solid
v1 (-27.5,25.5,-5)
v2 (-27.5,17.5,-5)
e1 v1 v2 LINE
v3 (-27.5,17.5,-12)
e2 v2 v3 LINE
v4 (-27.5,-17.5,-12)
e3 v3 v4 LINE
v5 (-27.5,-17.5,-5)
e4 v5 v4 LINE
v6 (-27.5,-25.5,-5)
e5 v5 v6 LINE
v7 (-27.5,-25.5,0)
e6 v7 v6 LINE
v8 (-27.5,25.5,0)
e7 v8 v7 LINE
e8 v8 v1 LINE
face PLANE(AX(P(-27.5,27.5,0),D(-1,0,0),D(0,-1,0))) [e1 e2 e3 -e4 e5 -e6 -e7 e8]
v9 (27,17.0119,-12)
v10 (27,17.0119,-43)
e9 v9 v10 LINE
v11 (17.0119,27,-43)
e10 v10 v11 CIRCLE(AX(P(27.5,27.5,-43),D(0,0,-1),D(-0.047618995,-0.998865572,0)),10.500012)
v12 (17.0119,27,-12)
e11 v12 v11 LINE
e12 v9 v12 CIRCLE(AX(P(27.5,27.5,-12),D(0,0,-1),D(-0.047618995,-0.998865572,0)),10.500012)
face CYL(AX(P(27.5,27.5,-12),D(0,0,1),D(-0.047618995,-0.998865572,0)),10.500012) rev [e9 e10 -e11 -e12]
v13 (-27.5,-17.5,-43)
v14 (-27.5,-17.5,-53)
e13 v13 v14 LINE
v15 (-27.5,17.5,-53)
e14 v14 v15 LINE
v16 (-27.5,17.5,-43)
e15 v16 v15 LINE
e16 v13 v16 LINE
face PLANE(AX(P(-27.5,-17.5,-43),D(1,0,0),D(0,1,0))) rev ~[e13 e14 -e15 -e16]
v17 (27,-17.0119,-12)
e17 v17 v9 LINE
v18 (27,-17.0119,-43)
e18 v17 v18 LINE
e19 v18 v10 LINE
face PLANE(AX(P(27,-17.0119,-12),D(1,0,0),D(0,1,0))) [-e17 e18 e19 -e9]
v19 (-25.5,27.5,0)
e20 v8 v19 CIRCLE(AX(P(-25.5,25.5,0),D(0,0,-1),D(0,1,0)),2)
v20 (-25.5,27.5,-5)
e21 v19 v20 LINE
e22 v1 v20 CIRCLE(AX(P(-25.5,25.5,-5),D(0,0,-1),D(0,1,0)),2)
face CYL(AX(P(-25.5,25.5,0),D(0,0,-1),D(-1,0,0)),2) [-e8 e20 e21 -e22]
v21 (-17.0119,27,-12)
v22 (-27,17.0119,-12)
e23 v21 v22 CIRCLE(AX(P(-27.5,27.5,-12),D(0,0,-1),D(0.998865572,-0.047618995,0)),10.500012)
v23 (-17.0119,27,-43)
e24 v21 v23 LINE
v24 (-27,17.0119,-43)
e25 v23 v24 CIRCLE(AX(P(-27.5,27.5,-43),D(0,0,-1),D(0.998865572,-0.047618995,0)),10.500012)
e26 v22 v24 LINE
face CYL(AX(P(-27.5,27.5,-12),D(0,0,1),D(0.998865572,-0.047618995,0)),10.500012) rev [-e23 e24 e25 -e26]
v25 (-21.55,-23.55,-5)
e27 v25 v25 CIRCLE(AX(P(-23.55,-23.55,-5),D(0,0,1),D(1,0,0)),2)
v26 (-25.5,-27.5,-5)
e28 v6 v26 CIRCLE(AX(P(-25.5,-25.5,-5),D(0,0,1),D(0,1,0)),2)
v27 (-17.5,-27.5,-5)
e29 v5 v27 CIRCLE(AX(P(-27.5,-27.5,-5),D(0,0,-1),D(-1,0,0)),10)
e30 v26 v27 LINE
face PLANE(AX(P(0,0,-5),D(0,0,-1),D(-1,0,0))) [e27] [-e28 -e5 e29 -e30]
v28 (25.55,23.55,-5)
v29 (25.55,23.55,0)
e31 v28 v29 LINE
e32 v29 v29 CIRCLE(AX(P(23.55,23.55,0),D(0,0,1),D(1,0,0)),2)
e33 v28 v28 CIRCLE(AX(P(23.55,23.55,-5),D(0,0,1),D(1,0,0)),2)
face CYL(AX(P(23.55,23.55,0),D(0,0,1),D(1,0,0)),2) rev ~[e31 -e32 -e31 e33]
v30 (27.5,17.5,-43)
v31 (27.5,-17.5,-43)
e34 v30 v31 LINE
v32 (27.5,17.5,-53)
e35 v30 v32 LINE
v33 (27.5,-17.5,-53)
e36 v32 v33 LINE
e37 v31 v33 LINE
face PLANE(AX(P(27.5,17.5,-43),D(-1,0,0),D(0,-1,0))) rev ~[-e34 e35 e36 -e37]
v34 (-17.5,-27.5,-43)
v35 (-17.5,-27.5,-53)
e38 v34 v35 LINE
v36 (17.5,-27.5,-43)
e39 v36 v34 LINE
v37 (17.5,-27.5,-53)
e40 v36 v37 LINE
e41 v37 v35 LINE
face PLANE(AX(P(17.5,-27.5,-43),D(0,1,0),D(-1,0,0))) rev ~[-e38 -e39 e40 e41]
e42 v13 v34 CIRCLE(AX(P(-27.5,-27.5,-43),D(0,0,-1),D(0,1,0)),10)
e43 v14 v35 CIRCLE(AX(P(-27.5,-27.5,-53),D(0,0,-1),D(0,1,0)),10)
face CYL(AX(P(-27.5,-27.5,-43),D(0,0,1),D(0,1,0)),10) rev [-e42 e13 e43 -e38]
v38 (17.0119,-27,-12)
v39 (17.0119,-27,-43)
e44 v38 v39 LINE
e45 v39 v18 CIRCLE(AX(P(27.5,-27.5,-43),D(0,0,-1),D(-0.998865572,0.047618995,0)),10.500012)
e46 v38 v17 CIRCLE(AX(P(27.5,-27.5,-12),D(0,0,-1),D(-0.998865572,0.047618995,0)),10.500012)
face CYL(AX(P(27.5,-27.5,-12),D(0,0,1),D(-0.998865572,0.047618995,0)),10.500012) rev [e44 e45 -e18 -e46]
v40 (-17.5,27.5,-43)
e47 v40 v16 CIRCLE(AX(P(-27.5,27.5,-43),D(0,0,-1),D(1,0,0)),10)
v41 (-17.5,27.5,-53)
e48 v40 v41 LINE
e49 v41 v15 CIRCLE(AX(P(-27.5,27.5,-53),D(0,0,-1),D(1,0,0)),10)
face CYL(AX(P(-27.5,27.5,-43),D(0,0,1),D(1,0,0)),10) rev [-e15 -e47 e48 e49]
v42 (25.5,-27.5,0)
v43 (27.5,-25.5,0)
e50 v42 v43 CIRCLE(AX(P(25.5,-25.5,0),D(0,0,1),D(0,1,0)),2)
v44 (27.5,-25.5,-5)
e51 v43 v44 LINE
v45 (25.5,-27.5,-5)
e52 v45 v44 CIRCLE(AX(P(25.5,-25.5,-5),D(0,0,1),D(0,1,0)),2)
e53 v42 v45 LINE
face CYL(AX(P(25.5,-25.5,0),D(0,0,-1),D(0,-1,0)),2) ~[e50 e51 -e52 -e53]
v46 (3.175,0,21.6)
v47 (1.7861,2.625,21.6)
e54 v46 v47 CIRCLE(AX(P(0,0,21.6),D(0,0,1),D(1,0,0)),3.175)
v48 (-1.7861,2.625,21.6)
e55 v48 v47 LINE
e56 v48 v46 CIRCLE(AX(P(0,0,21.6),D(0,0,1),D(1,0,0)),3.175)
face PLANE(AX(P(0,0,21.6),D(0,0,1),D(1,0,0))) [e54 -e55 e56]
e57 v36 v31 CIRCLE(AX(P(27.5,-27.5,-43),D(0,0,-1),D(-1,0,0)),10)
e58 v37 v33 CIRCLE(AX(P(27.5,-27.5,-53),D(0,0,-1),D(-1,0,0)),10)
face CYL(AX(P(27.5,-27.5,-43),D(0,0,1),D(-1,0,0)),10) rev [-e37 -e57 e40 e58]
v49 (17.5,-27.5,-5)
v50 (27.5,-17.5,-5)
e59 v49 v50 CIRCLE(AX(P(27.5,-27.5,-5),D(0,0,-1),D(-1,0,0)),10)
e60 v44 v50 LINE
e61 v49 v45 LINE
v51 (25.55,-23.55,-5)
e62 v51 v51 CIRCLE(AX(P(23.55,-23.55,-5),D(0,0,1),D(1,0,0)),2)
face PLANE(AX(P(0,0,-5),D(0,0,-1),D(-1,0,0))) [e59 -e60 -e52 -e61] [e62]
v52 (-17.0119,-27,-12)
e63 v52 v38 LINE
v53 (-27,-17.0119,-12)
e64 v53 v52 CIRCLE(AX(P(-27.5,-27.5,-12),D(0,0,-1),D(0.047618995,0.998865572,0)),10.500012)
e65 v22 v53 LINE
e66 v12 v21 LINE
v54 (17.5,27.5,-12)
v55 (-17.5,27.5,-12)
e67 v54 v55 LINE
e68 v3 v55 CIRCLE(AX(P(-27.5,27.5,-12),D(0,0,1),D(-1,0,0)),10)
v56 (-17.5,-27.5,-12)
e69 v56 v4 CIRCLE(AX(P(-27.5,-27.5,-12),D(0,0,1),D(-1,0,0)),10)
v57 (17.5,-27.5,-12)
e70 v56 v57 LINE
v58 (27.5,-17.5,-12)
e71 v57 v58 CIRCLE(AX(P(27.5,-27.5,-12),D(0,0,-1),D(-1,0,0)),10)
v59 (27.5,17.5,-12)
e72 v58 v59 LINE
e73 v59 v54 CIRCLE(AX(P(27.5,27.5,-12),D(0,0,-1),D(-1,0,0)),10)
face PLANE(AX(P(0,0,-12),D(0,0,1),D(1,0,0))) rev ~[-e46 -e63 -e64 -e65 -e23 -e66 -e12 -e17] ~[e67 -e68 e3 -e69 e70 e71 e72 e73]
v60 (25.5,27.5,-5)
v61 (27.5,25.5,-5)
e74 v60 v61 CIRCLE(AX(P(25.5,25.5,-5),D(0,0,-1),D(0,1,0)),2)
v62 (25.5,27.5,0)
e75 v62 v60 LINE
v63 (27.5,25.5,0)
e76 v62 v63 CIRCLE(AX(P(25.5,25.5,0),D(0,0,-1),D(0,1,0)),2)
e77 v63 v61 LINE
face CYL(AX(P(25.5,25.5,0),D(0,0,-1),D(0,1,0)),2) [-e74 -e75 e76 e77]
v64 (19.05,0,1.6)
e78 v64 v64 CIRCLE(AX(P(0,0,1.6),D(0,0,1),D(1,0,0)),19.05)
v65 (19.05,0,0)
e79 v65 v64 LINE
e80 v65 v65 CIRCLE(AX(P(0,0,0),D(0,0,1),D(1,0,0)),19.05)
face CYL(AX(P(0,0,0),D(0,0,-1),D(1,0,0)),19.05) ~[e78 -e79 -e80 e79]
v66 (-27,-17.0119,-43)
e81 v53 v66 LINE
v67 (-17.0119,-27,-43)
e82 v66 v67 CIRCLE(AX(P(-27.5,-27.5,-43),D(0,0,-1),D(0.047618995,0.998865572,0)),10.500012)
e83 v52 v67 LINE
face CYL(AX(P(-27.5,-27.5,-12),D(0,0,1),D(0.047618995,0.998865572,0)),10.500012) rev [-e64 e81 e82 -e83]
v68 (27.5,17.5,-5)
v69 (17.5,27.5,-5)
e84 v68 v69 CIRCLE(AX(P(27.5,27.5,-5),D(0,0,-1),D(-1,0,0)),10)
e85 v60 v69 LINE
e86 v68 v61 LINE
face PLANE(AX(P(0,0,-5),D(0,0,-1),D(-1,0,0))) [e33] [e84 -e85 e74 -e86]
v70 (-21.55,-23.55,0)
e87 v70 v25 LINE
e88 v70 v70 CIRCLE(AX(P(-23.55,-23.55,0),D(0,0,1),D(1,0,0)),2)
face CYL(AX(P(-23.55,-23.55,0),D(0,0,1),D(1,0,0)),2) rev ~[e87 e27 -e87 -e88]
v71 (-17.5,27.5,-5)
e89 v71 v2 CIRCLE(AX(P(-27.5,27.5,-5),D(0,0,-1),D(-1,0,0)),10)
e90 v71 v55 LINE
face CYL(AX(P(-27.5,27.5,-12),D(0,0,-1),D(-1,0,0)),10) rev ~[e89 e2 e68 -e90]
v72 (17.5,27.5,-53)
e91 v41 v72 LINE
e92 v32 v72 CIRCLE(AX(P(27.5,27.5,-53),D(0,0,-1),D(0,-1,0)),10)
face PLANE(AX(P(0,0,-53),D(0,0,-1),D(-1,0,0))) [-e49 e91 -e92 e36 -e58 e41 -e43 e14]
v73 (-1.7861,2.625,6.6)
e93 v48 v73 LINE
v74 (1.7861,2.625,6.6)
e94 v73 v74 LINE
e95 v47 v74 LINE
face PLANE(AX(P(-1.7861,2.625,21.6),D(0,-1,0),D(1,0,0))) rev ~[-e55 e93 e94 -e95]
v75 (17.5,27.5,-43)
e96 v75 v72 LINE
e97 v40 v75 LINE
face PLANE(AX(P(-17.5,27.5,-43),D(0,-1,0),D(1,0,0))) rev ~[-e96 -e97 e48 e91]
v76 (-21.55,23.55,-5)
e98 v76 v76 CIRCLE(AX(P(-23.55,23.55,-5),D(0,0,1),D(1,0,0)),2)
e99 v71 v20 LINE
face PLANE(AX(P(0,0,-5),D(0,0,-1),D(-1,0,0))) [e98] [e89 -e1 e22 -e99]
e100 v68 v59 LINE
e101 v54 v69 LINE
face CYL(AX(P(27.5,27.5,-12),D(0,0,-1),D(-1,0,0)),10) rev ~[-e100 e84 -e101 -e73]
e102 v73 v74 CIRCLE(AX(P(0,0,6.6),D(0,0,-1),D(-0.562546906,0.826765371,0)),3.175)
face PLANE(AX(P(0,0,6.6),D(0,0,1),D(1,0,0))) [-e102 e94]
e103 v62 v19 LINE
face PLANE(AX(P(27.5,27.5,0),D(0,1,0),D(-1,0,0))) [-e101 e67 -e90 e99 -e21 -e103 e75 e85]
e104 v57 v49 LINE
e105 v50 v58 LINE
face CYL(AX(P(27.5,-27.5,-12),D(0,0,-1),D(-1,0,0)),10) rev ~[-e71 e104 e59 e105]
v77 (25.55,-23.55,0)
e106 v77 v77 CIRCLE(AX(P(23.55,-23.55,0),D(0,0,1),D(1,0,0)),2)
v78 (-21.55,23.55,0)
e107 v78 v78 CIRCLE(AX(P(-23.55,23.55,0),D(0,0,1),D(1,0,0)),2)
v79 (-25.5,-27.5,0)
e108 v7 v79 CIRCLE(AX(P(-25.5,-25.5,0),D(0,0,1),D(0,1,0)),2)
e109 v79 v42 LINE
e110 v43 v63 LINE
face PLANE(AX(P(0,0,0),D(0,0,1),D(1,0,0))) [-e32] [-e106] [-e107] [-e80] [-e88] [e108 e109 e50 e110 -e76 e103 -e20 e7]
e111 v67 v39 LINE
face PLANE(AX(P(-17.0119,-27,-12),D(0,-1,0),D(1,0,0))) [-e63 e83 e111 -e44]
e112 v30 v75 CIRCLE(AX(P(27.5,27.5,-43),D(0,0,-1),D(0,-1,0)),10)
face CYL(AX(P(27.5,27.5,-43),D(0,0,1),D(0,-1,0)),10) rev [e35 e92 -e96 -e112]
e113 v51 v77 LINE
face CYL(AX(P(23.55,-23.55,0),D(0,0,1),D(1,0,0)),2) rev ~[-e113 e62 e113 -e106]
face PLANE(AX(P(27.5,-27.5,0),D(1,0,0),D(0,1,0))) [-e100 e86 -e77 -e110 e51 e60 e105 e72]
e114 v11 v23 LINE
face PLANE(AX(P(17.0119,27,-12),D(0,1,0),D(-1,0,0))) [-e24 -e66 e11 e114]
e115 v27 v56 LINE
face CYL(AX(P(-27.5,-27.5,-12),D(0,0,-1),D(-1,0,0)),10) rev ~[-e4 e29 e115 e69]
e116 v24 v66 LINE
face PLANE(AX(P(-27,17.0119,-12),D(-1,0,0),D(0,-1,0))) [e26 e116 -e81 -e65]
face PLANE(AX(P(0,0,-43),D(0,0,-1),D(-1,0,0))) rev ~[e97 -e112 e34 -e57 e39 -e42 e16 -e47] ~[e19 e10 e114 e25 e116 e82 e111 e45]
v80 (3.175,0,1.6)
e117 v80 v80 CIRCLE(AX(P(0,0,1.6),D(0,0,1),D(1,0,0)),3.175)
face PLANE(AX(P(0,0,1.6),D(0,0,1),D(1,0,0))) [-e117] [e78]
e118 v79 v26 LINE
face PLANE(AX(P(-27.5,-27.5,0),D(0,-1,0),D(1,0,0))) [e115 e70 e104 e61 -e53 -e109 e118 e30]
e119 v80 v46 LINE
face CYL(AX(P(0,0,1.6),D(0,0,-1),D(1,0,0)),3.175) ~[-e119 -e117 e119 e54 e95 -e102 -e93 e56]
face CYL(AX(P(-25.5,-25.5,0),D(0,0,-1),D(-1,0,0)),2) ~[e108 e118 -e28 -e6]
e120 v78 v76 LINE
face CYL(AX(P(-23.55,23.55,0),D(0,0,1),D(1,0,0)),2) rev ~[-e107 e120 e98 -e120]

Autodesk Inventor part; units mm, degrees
ref_plane "YZ Plane" through (0, 0, 0) normal (1, 0, 0) x (0, 1, 0)
ref_plane "XZ Plane" through (0, 0, 0) normal (0, 1, 0) x (-1, 0, 0)
ref_plane "XY Plane" through (0, 0, 0) normal (0, 0, 1) x (1, 0, 0)
sketch "Skizze1" plane through (0, 0, 0) normal (0, 0, 1) x (1, 0, 0)
  line L0 (-27.5, -27.5) -> (27.5, -27.5)
  line L1 (27.5, -27.5) -> (27.5, 27.5)
  line L2 (27.5, 27.5) -> (-27.5, 27.5)
  line L3 (-27.5, 27.5) -> (-27.5, -27.5)
  line L4 (-27.5, -27.5) -> (27.5, 27.5) construction
  line L5 (27.5, -27.5) -> (-27.5, 27.5) construction
  point P0 (0, 0)
  dimension "d0" = 55
  dimension "d1" = 55
extrude "Extrusion1" add sketch "Skizze1" against normal blind 12
sketch "Skizze2" plane through (0, 0, -12) normal (0, 0, -1) x (-1, 0, 0)
  line L0 (27.5, 27.5) -> (-27.5, 27.5) projected
  circle A0 centre (-27.5, 27.5) radius 10
  line L1 (27.5, -27.5) -> (27.5, 27.5) projected
  circle A1 centre (27.5, 27.5) radius 10
  circle A2 centre (27.5, -27.5) radius 10
  circle A3 centre (-27.5, -27.5) radius 10
  point P0 (0, 0)
  dimension "d4" = 20
extrude "Extrusion2" cut sketch "Skizze2" against normal blind 7
sketch "Skizze3" plane through (0, 0, -12) normal (0, 0, -1) x (-1, 0, 0)
  arc A0 (27.5, -17.5) -> (17.5, -27.5) centre (27.5, -27.5) ccw projected
  line L0 (27.5, -17.5) -> (27.5, 17.5) projected
  arc A1 (17.5, 27.5) -> (27.5, 17.5) centre (27.5, 27.5) ccw projected
  line L1 (17.5, 27.5) -> (-17.5, 27.5) projected
  arc A2 (-27.5, 17.5) -> (-17.5, 27.5) centre (-27.5, 27.5) ccw projected
  line L2 (-27.5, 17.5) -> (-27.5, -17.5) projected
  arc A3 (-17.5, -27.5) -> (-27.5, -17.5) centre (-27.5, -27.5) ccw projected
  line L3 (-17.5, -27.5) -> (17.5, -27.5) projected
  line L4 (-17.0119, 27) -> (17.0119, 27)
  arc A4 (17.0119, 27) -> (27, 17.0119) centre (27.5, 27.5) ccw
  line L5 (27, 17.0119) -> (27, -17.0119)
  arc A5 (27, -17.0119) -> (17.0119, -27) centre (27.5, -27.5) ccw
  line L6 (17.0119, -27) -> (-17.0119, -27)
  arc A6 (-17.0119, -27) -> (-27, -17.0119) centre (-27.5, -27.5) ccw
  line L7 (-27, -17.0119) -> (-27, 17.0119)
  arc A7 (-27, 17.0119) -> (-17.0119, 27) centre (-27.5, 27.5) ccw
  point P0 (0, 0)
  dimension "d7" = 0.5
extrude "Extrusion3" add sketch "Skizze3" along normal blind 31 contours L4 A4 L5 A5 L6 A6 L7 A7
sketch "Skizze4" plane through (0, 0, -43) normal (0, 0, -1) x (-1, 0, 0)
  arc A0 (17.0119, 27) -> (27, 17.0119) centre (27.5, 27.5) ccw projected
  line L0 (27, 17.0119) -> (27, -17.0119) projected
  arc A1 (27, -17.0119) -> (17.0119, -27) centre (27.5, -27.5) ccw projected
  line L1 (17.0119, -27) -> (-17.0119, -27) projected
  arc A2 (-17.0119, -27) -> (-27, -17.0119) centre (-27.5, -27.5) ccw projected
  line L2 (-27, -17.0119) -> (-27, 17.0119) projected
  arc A3 (-27, 17.0119) -> (-17.0119, 27) centre (-27.5, 27.5) ccw projected
  line L3 (-17.0119, 27) -> (17.0119, 27) projected
  arc A4 (27.5, -17.5) -> (17.5, -27.5) centre (27.5, -27.5) ccw projected
  line L4 (27.5, -17.5) -> (27.5, 17.5) projected
  arc A5 (17.5, 27.5) -> (27.5, 17.5) centre (27.5, 27.5) ccw projected
  line L5 (17.5, 27.5) -> (-17.5, 27.5) projected
  arc A6 (-27.5, 17.5) -> (-17.5, 27.5) centre (-27.5, 27.5) ccw projected
  line L6 (-27.5, 17.5) -> (-27.5, -17.5) projected
  arc A7 (-17.5, -27.5) -> (-27.5, -17.5) centre (-27.5, -27.5) ccw projected
  line L7 (-17.5, -27.5) -> (17.5, -27.5) projected
  point P0 (0, 0)
extrude "Extrusion4" add sketch "Skizze4" along normal blind 10 contours A0 L0 A1 L1 A2 L2 A3 L3 | A4 L7 A7 L6 A6 L5 A5 L4
sketch "Skizze6" plane through (0, 0, 0) normal (0, 0, 1) x (1, 0, 0)
  line L0 (-23.55, -23.55) -> (23.55, -23.55)
  line L1 (23.55, -23.55) -> (23.55, 23.55)
  line L2 (23.55, 23.55) -> (-23.55, 23.55)
  line L3 (-23.55, 23.55) -> (-23.55, -23.55)
  line L4 (-23.55, -23.55) -> (23.55, 23.55) construction
  line L5 (23.55, -23.55) -> (-23.55, 23.55) construction
  circle A0 centre (-23.55, 23.55) radius 2
  circle A1 centre (23.55, 23.55) radius 2
  circle A2 centre (23.55, -23.55) radius 2
  circle A3 centre (-23.55, -23.55) radius 2
  point P0 (0, 0)
  dimension "d12" = 4
  dimension "d13" = 47.1
  dimension "d14" = 47.1
extrude "Extrusion5" cut sketch "Skizze6" along normal through all both and the other way through all contours L3 A3 L0 | L0 A3 L3 | A2 L1 L0 | L0 L1 A2 | A0 L2 L3 | L3 L2 A0 | A1 L2 L1 | L1 L2 A1
fillet "Rundung1" radius 2 4 edges at (27.5, 27.5, -2.5) (-27.5, 27.5, -2.5) (27.5, -27.5, -2.5) (-27.5, -27.5, -2.5)
sketch "Skizze7" plane through (0, 0, 0) normal (0, 0, 1) x (1, 0, 0)
  circle A0 centre (0, 0) radius 19.05
  dimension "d18" = 38.1
extrude "Extrusion6" add sketch "Skizze7" along normal blind 1.6
sketch "Skizze8" plane through (0, 0, 1.6) normal (0, 0, 1) x (1, 0, 0)
  circle A0 centre (0, 0) radius 3.175
  dimension "d21" = 6.35
extrude "Extrusion7" add sketch "Skizze8" along normal blind 20
sketch "Skizze9" plane through (0, 0, 21.6) normal (0, 0, 1) x (1, 0, 0)
  line L0 (-1.7861, 2.625) -> (1.7861, 2.625)
  line L1 (1.7861, 2.625) -> (1.7861, 3.175)
  line L2 (1.7861, 3.175) -> (-1.7861, 3.175)
  line L3 (-1.7861, 3.175) -> (-1.7861, 2.625)
  circle A0 centre (0, 0) radius 3.175 projected
  point P0 (0, 3.175)
  dimension "d29" = 5.8
extrude "Extrusion8" cut sketch "Skizze9" against normal blind 15 contours A0 L0 | L3 L2 A0 | A0 L2 L1 picked at (-0.4105, 2.7255)
properties part number "MC18_Motor"
